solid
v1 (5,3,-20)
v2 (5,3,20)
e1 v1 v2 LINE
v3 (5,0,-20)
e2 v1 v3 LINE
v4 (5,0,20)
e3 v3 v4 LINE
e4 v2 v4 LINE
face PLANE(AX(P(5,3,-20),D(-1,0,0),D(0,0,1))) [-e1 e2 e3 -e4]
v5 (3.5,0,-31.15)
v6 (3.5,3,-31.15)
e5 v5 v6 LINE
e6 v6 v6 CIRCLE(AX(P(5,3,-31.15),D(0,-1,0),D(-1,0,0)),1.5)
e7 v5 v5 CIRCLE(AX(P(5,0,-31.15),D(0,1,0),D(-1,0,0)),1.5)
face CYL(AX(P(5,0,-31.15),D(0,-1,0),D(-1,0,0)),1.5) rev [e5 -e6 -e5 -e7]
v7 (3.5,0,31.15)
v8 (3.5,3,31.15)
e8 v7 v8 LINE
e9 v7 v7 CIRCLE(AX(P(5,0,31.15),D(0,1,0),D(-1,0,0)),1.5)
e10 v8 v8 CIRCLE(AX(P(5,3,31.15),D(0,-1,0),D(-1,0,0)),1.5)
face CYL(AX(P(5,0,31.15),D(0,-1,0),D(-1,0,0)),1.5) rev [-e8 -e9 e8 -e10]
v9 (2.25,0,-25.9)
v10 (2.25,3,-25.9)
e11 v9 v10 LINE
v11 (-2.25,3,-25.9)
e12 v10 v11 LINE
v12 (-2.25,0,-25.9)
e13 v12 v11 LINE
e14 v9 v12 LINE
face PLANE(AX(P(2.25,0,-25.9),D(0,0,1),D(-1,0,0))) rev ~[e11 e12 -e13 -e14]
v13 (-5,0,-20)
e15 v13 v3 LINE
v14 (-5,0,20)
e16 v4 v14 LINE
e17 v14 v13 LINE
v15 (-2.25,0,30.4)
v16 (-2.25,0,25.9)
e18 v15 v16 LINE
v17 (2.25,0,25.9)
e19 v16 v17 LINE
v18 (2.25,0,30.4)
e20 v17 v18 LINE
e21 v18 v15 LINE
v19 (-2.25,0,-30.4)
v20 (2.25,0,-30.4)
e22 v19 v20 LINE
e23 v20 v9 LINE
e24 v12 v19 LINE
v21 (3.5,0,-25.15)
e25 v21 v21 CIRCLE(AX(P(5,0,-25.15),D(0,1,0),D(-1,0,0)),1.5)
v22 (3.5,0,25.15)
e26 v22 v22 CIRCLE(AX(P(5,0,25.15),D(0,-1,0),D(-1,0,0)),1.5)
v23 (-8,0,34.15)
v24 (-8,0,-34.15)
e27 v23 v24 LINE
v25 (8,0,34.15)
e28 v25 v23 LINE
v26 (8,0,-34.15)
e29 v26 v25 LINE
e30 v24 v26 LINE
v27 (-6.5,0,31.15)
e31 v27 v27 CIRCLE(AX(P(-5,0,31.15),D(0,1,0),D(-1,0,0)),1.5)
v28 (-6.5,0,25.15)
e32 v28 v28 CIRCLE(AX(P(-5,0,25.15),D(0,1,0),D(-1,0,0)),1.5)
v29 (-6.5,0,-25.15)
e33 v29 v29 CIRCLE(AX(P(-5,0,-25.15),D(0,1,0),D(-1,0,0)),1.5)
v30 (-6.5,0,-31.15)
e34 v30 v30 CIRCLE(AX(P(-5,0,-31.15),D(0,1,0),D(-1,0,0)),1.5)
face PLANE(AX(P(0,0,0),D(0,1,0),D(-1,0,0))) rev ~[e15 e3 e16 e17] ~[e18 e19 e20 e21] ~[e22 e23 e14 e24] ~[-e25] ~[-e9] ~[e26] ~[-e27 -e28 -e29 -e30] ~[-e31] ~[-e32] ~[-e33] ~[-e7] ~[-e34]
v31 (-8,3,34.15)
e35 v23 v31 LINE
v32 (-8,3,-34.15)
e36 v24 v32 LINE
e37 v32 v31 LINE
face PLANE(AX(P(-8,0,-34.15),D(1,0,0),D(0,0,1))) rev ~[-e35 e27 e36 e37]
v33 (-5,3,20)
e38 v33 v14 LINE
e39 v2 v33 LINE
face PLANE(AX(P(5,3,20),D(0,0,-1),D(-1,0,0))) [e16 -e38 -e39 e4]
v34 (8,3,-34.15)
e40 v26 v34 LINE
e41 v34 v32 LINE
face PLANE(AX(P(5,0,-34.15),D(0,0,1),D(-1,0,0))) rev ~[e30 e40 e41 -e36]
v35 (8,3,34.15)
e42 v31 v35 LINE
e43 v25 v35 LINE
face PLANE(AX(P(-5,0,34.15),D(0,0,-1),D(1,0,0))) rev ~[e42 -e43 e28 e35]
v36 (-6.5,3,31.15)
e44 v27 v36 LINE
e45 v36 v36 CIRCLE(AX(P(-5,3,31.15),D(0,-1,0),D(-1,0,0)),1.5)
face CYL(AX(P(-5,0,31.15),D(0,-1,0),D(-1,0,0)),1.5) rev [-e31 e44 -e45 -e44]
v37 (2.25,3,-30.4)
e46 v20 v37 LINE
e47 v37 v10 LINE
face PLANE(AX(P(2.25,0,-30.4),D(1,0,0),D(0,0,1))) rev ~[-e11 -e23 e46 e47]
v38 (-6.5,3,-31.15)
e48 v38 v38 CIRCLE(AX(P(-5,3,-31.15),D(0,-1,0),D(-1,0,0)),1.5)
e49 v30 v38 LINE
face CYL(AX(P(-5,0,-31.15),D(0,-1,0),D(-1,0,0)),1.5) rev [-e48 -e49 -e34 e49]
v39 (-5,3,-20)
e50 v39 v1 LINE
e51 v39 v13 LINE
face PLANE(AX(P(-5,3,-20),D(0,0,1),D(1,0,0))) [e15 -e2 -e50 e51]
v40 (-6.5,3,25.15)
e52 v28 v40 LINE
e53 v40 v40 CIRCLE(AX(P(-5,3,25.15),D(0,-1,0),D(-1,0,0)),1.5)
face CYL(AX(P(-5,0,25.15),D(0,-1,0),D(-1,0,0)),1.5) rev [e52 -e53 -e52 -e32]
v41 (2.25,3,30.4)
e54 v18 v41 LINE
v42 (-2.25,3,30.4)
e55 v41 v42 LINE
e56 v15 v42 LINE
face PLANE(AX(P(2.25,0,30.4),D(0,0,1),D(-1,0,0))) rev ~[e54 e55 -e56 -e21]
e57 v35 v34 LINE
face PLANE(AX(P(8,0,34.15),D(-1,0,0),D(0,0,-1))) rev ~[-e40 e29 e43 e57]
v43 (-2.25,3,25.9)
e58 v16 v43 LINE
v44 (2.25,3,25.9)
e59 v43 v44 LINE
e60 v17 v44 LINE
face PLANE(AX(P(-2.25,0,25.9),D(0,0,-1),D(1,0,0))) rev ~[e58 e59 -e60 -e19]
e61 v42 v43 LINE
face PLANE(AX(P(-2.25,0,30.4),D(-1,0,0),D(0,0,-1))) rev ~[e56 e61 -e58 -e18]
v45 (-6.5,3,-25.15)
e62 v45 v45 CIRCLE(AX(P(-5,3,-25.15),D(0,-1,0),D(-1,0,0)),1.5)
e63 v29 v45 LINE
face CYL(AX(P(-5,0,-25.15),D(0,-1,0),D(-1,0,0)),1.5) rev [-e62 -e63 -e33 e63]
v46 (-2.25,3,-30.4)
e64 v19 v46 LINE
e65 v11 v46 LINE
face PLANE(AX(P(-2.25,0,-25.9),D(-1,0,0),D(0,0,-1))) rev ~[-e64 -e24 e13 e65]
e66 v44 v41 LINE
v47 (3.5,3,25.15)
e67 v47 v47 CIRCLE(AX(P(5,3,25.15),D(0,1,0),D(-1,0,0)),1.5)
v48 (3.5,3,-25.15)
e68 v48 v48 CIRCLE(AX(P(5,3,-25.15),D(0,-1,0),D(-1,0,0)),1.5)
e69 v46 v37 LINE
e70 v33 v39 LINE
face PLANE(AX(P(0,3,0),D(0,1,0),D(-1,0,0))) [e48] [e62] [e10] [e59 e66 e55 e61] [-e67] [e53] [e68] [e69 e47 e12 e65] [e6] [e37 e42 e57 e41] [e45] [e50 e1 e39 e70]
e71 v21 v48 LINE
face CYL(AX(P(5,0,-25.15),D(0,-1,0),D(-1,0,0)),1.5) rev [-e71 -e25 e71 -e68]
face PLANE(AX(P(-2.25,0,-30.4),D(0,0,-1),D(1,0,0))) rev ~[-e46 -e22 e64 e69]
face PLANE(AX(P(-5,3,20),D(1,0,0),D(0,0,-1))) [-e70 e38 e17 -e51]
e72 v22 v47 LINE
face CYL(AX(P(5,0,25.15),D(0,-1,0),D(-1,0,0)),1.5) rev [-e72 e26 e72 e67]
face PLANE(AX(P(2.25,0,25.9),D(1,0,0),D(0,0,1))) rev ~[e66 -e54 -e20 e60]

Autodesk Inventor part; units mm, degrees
ref_plane "YZ Plane" through (0, 0, 0) normal (1, 0, 0) x (0, 1, 0)
ref_plane "XZ Plane" through (0, 0, 0) normal (0, 1, 0) x (-1, 0, 0)
ref_plane "XY Plane" through (0, 0, 0) normal (0, 0, 1) x (1, 0, 0)
sketch "Sketch1" plane through (0, 0, 0) normal (0, 1, 0) x (-1, 0, 0)
  line L0 (-5, 25.15) -> (5, 25.15)
  line L1 (5, 25.15) -> (5, -25.15)
  line L2 (5, -25.15) -> (-5, -25.15)
  line L3 (-5, -25.15) -> (-5, 25.15)
  line L4 (-5, 25.15) -> (5, -25.15) construction
  line L5 (5, 25.15) -> (-5, -25.15) construction
  line L6 (5, 25.15) -> (-5, 25.15)
  line L7 (-5, 25.15) -> (-5, 31.15)
  line L8 (-5, 31.15) -> (5, 31.15)
  line L9 (5, 31.15) -> (5, 25.15)
  line L10 (5, -25.15) -> (-5, -25.15)
  line L11 (-5, -25.15) -> (-5, -31.15)
  line L12 (-5, -31.15) -> (5, -31.15)
  line L13 (5, -31.15) -> (5, -25.15)
  circle A0 centre (5, 31.15) radius 1.5
  circle A1 centre (5, 25.15) radius 1.5
  circle A2 centre (-5, 31.15) radius 1.5
  circle A3 centre (-5, 25.15) radius 1.5
  circle A4 centre (5, -25.15) radius 1.5
  circle A5 centre (5, -31.15) radius 1.5
  circle A6 centre (-5, -25.15) radius 1.5
  circle A7 centre (-5, -31.15) radius 1.5
  line L14 (5, 31.15) -> (8, 31.15)
  line L15 (8, 31.15) -> (8, 34.15)
  line L16 (8, 34.15) -> (5, 34.15)
  line L17 (5, 34.15) -> (5, 31.15)
  line L18 (-5, -31.15) -> (-8, -31.15)
  line L19 (-8, -31.15) -> (-8, -34.15)
  line L20 (-8, -34.15) -> (-5, -34.15)
  line L21 (-5, -34.15) -> (-5, -31.15)
  line L22 (-8, -34.15) -> (8, -34.15)
  line L23 (8, -34.15) -> (8, 34.15)
  line L24 (8, 34.15) -> (-8, 34.15)
  line L25 (-8, 34.15) -> (-8, -34.15)
  line L26 (-2.25, 30.4) -> (2.25, 30.4)
  line L27 (2.25, 30.4) -> (2.25, 25.9)
  line L28 (2.25, 25.9) -> (-2.25, 25.9)
  line L29 (-2.25, 25.9) -> (-2.25, 30.4)
  line L30 (-2.25, 30.4) -> (2.25, 25.9) construction
  line L31 (2.25, 30.4) -> (-2.25, 25.9) construction
  line L32 (-2.25, -25.9) -> (2.25, -25.9)
  line L33 (2.25, -25.9) -> (2.25, -30.4)
  line L34 (2.25, -30.4) -> (-2.25, -30.4)
  line L35 (-2.25, -30.4) -> (-2.25, -25.9)
  line L36 (-2.25, -25.9) -> (2.25, -30.4) construction
  line L37 (2.25, -25.9) -> (-2.25, -30.4) construction
  point P0 (0, 0)
  point P1 (0, 28.15)
  point P2 (0, -28.15)
  dimension "d0" = 10
  dimension "d1" = 50.3
  dimension "d2" = 6
  dimension "d3" = 6
  dimension "d4" = 3
  dimension "d5" = 3
  dimension "d6" = 3
  dimension "d7" = 3
  dimension "d8" = 3
  dimension "d9" = 3
  dimension "d10" = 3
  dimension "d11" = 3
  dimension "d12" = 3
  dimension "d13" = 3
  dimension "d14" = 3
  dimension "d15" = 3
  dimension "d16" = 4.5
  dimension "d17" = 4.5
  dimension "d18" = 4.5
  dimension "d19" = 4.5
extrude "Extrusion1" add sketch "Sketch1" along normal blind 3 contours A3 L7 A2 L8 A0 L9 A1 L0 | L0 A1 L1 A4 L2 A6 L3 A3 | L3 A6 L11 A7 L18 L25 L24 L17 A0 L8 A2 L7 A3 | L9 A0 L14 L23 L22 L21 A7 L12 A5 L13 A4 L1 A1 | L2 A4 L13 A5 L12 A7 L11 A6 | A0 L17 L16 L15 L14 | A7 L21 L20 L19 L18
sketch "Sketch2" plane through (0, 3, 0) normal (0, 1, 0) x (1, 0, 0)
  line L0 (5, -20) -> (-5, -20)
  line L1 (-5, -20) -> (-5, 20)
  line L2 (-5, 20) -> (5, 20)
  line L3 (5, 20) -> (5, -20)
  line L4 (5, -20) -> (-5, 20) construction
  line L5 (-5, -20) -> (5, 20) construction
  point P0 (0, 0)
  dimension "d22" = 10
  dimension "d23" = 40
extrude "Extrusion2" cut sketch "Sketch2" against normal blind 3
properties part number "battery_holder_2"
